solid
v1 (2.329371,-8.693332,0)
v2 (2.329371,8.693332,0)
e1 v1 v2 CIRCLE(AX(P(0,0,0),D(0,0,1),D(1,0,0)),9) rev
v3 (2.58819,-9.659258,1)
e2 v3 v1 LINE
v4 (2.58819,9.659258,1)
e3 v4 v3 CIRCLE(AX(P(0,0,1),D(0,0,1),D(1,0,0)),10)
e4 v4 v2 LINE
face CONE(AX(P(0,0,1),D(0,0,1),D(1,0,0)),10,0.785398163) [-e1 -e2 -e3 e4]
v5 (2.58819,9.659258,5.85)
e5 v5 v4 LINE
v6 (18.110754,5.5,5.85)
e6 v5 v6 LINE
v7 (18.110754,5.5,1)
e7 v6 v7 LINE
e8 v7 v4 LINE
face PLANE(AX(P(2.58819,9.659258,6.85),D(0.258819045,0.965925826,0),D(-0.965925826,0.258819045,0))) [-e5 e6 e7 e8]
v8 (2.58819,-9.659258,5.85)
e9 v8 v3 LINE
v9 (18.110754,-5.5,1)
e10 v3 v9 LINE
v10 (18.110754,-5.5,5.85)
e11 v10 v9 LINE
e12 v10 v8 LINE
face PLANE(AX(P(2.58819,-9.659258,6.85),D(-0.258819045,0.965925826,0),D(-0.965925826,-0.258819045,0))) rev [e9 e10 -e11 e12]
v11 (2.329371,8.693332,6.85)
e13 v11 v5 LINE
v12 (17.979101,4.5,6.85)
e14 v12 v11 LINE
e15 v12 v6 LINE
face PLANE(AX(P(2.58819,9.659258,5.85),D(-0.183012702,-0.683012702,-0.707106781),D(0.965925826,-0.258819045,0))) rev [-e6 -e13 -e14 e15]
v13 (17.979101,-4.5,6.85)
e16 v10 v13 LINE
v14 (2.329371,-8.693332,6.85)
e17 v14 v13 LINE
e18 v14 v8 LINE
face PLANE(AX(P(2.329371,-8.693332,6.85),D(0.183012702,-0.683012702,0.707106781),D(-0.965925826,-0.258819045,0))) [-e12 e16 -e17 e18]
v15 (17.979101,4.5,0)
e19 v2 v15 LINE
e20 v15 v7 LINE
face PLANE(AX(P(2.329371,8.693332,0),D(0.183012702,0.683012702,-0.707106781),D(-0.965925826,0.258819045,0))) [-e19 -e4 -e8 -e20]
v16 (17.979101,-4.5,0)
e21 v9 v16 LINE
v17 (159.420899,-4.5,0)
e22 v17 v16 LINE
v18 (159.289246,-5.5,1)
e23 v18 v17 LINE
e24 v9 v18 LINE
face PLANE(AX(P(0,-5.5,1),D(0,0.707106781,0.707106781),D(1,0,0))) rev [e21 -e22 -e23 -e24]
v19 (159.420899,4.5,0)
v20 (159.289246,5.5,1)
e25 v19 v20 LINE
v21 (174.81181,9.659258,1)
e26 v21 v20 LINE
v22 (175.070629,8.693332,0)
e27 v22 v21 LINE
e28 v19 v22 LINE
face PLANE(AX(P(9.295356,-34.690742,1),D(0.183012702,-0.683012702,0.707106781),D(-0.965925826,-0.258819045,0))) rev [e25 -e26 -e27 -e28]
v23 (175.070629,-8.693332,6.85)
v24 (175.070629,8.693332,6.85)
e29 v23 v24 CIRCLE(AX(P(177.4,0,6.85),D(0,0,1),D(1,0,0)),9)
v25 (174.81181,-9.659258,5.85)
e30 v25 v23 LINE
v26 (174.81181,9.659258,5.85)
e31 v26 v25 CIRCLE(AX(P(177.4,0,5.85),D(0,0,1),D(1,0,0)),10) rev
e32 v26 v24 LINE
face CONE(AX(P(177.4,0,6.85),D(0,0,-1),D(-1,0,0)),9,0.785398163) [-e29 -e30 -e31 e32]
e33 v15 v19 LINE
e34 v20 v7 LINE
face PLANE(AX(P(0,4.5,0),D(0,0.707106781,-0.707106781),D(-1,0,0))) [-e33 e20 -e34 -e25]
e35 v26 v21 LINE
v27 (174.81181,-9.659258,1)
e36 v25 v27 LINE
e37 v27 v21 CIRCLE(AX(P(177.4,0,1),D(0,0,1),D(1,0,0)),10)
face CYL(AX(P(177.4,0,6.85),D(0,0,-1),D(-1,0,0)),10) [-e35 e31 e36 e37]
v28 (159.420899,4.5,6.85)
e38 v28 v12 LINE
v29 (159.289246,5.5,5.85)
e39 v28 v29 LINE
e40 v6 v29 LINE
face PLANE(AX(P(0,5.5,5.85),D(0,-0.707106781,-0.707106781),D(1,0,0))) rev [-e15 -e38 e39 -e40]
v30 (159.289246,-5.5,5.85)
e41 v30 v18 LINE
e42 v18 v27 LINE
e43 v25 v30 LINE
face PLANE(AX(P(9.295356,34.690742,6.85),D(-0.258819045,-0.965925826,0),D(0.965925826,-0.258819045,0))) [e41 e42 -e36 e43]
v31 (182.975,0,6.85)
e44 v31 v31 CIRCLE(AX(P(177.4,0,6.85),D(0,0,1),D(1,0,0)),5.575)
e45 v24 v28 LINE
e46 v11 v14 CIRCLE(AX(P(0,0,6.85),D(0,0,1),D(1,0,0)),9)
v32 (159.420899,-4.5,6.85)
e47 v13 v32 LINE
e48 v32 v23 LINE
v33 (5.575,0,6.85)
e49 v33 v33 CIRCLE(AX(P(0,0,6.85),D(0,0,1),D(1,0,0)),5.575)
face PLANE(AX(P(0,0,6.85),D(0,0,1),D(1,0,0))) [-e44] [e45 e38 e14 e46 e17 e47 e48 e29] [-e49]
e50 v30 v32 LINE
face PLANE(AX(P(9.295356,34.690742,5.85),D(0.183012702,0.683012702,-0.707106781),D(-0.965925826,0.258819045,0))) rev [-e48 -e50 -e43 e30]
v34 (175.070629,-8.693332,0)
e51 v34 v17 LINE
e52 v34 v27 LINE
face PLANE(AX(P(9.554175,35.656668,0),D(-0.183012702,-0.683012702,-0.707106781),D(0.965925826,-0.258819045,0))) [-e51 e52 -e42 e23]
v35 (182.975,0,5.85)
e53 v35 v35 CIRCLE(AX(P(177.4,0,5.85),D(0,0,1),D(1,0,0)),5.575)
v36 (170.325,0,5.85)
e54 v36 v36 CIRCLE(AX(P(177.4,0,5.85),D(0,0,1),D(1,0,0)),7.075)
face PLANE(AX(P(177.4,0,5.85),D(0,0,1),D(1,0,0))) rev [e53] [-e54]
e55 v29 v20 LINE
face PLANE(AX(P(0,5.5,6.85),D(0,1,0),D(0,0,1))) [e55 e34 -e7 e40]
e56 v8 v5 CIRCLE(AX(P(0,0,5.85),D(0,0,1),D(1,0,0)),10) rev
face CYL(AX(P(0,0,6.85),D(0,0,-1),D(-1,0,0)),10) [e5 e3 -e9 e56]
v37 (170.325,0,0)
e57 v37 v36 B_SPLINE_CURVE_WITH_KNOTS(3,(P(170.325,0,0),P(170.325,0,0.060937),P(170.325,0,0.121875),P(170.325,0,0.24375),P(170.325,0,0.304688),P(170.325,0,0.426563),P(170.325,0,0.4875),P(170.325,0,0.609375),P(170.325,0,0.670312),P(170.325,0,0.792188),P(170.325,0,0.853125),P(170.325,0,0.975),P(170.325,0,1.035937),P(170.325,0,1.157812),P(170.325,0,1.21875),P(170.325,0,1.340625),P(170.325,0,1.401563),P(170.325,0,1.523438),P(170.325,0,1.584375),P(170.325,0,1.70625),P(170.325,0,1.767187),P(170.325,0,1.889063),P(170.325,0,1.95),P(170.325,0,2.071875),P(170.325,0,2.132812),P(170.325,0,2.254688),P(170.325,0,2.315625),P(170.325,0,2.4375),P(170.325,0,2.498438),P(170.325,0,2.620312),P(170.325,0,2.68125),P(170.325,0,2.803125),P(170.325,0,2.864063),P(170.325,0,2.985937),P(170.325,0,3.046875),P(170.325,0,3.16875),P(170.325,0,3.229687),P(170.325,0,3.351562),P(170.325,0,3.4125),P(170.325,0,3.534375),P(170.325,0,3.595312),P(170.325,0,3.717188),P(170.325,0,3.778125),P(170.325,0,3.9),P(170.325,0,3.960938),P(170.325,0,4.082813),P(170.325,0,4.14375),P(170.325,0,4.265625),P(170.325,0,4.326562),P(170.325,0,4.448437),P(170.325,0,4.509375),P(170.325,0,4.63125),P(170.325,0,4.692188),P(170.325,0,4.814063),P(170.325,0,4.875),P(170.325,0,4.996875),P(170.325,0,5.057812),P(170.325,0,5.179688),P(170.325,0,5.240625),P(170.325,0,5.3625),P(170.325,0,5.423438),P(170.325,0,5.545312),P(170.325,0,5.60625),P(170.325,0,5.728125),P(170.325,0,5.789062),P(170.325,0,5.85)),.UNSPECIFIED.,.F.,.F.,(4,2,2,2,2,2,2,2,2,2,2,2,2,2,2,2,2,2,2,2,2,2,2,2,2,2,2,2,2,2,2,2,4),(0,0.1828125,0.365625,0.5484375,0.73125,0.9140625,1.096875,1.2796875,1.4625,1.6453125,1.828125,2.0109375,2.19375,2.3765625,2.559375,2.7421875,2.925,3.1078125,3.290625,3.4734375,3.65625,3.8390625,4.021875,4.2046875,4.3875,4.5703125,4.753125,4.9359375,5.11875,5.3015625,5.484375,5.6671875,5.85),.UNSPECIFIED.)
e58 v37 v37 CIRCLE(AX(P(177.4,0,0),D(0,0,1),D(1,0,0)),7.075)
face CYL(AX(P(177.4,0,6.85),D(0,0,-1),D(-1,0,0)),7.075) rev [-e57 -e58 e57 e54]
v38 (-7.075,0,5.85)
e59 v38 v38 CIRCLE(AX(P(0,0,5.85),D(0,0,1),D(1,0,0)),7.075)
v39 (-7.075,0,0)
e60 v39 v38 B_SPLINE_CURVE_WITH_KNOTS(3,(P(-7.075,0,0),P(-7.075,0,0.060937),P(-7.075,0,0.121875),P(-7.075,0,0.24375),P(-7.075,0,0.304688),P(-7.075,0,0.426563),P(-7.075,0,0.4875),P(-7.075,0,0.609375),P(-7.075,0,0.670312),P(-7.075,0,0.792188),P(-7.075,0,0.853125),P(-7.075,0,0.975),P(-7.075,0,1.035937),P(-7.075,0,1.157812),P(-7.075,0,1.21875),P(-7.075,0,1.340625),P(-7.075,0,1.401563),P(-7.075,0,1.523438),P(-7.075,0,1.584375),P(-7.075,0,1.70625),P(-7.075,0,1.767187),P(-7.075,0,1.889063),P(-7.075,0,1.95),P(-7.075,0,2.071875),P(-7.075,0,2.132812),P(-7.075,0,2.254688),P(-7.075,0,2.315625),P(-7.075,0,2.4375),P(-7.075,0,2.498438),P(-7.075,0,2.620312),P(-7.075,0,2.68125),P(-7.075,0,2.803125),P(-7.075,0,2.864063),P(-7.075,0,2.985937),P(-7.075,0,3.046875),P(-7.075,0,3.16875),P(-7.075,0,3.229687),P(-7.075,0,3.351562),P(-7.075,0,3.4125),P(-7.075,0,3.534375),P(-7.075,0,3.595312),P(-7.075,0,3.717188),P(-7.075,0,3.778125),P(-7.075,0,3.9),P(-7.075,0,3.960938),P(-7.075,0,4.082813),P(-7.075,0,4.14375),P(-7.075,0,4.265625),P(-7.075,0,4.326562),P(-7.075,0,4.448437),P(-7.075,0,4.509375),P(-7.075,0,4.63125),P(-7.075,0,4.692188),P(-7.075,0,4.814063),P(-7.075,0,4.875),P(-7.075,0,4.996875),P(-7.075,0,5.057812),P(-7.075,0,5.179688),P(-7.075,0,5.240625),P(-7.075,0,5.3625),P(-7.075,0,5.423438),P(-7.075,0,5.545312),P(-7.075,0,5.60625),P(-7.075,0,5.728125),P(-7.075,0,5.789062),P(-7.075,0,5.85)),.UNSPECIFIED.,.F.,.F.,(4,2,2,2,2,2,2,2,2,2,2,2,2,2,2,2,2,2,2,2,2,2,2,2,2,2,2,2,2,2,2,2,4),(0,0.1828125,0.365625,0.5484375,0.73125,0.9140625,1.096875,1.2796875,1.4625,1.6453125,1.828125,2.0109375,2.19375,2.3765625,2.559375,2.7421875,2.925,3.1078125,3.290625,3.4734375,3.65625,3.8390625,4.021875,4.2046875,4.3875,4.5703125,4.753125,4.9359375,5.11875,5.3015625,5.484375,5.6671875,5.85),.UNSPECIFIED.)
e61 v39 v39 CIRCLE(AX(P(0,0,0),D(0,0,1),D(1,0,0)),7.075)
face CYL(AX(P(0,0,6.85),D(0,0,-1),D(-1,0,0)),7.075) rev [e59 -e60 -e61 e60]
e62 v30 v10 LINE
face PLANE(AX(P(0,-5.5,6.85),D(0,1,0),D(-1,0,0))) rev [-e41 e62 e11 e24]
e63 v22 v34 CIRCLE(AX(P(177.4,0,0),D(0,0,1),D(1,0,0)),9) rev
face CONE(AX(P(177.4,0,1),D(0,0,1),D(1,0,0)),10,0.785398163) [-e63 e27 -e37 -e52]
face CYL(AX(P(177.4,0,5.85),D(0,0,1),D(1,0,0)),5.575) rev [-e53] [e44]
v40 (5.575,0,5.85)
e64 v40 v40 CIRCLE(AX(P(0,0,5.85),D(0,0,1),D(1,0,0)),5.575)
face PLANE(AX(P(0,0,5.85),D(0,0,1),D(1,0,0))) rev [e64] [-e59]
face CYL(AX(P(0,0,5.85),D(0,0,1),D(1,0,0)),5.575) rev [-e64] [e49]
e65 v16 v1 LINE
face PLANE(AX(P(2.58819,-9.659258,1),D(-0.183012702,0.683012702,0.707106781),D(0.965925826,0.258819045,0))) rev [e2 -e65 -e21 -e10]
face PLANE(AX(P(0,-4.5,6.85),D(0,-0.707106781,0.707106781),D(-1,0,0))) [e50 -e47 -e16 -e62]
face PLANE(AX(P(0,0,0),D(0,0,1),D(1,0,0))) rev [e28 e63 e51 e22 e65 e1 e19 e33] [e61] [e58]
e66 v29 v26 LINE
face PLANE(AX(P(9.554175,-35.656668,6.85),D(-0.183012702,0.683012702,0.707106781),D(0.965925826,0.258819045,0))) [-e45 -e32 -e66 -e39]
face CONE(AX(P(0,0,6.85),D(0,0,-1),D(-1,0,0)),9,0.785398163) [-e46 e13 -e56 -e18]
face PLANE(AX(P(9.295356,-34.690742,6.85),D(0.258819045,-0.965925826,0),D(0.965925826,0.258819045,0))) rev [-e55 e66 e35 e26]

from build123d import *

# Parameters (mm, degrees)
SKETCH_1_R      = 7.075
EXTRUDE_1_DEPTH = 6.85
EXTRUDE_START   = -1
SKETCH_2_R      = 7.075
SKETCH_2_R_2    = 5.575
EXTRUDE_2_DEPTH = 1
CHAMFER_1_SIZE  = 1


with BuildPart() as part:
    # 草图1 → 凸台-拉伸1 (new body)
    with BuildSketch(Plane.XY):
        with BuildLine():
            ThreePointArc((2.588190451, 9.659258263), (-10, 0), (2.588190451, -9.659258263))
            Line((2.588190451, -9.659258263), (18.11075361, -5.5))
            Line((18.11075361, -5.5), (159.28924639, -5.5))
            Line((159.28924639, -5.5), (174.811809549, -9.659258263))
            ThreePointArc((174.811809549, -9.659258263), (187.4, 0), (174.811809549, 9.659258263))
            Line((174.811809549, 9.659258263), (159.28924639, 5.5))
            Line((159.28924639, 5.5), (18.11075361, 5.5))
            Line((18.11075361, 5.5), (2.588190451, 9.659258263))
        make_face()
        with Locations(Location((0, 0, 0), (0, 0, 180))):
            Circle(SKETCH_1_R, mode=Mode.SUBTRACT)
        with Locations(Location((177.4, 0, 0), (0, 0, 180))):
            Circle(SKETCH_1_R, mode=Mode.SUBTRACT)
    extrude(amount=EXTRUDE_1_DEPTH)

    # 草图2 → 凸台-拉伸2 (add)
    # profile 1 of 2: a face of its own
    with BuildSketch(Plane.XY.offset(6.85).offset(EXTRUDE_START)):
        with Locations(Location((0, 0, 0), (0, 0, 180))):
            Circle(SKETCH_2_R)
        Circle(SKETCH_2_R_2, mode=Mode.SUBTRACT)
    # profile 2 of 2: a face of its own
    with BuildSketch(Plane.XY.offset(6.85).offset(EXTRUDE_START)):
        with Locations(Location((177.4, 0, 0), (0, 0, 180))):
            Circle(SKETCH_2_R)
        with Locations((177.4, 0)):
            Circle(SKETCH_2_R_2, mode=Mode.SUBTRACT)
    extrude(amount=EXTRUDE_2_DEPTH)

    # 倒角1
    chamfer_1_edges = [part.edges().sort_by_distance(p)[0] for p in [
        (187.4, 0, 6.85),
        (88.7, -5.5, 0),
        (10.34947203, -7.579629131, 0),
        (-10, 0, 0),
        (10.34947203, 7.579629131, 0),
        (88.7, 5.5, 0),
        (167.05052797, 7.579629131, 0),
        (187.4, 0, 0),
        (167.05052797, -7.579629131, 0),
        (167.05052797, 7.579629131, 6.85),
        (88.7, 5.5, 6.85),
        (10.34947203, 7.579629131, 6.85),
        (-10, 0, 6.85),
        (10.34947203, -7.579629131, 6.85),
        (88.7, -5.5, 6.85),
        (167.05052797, -7.579629131, 6.85),
    ]]
    chamfer(chamfer_1_edges, length=CHAMFER_1_SIZE)


solid = part.part
